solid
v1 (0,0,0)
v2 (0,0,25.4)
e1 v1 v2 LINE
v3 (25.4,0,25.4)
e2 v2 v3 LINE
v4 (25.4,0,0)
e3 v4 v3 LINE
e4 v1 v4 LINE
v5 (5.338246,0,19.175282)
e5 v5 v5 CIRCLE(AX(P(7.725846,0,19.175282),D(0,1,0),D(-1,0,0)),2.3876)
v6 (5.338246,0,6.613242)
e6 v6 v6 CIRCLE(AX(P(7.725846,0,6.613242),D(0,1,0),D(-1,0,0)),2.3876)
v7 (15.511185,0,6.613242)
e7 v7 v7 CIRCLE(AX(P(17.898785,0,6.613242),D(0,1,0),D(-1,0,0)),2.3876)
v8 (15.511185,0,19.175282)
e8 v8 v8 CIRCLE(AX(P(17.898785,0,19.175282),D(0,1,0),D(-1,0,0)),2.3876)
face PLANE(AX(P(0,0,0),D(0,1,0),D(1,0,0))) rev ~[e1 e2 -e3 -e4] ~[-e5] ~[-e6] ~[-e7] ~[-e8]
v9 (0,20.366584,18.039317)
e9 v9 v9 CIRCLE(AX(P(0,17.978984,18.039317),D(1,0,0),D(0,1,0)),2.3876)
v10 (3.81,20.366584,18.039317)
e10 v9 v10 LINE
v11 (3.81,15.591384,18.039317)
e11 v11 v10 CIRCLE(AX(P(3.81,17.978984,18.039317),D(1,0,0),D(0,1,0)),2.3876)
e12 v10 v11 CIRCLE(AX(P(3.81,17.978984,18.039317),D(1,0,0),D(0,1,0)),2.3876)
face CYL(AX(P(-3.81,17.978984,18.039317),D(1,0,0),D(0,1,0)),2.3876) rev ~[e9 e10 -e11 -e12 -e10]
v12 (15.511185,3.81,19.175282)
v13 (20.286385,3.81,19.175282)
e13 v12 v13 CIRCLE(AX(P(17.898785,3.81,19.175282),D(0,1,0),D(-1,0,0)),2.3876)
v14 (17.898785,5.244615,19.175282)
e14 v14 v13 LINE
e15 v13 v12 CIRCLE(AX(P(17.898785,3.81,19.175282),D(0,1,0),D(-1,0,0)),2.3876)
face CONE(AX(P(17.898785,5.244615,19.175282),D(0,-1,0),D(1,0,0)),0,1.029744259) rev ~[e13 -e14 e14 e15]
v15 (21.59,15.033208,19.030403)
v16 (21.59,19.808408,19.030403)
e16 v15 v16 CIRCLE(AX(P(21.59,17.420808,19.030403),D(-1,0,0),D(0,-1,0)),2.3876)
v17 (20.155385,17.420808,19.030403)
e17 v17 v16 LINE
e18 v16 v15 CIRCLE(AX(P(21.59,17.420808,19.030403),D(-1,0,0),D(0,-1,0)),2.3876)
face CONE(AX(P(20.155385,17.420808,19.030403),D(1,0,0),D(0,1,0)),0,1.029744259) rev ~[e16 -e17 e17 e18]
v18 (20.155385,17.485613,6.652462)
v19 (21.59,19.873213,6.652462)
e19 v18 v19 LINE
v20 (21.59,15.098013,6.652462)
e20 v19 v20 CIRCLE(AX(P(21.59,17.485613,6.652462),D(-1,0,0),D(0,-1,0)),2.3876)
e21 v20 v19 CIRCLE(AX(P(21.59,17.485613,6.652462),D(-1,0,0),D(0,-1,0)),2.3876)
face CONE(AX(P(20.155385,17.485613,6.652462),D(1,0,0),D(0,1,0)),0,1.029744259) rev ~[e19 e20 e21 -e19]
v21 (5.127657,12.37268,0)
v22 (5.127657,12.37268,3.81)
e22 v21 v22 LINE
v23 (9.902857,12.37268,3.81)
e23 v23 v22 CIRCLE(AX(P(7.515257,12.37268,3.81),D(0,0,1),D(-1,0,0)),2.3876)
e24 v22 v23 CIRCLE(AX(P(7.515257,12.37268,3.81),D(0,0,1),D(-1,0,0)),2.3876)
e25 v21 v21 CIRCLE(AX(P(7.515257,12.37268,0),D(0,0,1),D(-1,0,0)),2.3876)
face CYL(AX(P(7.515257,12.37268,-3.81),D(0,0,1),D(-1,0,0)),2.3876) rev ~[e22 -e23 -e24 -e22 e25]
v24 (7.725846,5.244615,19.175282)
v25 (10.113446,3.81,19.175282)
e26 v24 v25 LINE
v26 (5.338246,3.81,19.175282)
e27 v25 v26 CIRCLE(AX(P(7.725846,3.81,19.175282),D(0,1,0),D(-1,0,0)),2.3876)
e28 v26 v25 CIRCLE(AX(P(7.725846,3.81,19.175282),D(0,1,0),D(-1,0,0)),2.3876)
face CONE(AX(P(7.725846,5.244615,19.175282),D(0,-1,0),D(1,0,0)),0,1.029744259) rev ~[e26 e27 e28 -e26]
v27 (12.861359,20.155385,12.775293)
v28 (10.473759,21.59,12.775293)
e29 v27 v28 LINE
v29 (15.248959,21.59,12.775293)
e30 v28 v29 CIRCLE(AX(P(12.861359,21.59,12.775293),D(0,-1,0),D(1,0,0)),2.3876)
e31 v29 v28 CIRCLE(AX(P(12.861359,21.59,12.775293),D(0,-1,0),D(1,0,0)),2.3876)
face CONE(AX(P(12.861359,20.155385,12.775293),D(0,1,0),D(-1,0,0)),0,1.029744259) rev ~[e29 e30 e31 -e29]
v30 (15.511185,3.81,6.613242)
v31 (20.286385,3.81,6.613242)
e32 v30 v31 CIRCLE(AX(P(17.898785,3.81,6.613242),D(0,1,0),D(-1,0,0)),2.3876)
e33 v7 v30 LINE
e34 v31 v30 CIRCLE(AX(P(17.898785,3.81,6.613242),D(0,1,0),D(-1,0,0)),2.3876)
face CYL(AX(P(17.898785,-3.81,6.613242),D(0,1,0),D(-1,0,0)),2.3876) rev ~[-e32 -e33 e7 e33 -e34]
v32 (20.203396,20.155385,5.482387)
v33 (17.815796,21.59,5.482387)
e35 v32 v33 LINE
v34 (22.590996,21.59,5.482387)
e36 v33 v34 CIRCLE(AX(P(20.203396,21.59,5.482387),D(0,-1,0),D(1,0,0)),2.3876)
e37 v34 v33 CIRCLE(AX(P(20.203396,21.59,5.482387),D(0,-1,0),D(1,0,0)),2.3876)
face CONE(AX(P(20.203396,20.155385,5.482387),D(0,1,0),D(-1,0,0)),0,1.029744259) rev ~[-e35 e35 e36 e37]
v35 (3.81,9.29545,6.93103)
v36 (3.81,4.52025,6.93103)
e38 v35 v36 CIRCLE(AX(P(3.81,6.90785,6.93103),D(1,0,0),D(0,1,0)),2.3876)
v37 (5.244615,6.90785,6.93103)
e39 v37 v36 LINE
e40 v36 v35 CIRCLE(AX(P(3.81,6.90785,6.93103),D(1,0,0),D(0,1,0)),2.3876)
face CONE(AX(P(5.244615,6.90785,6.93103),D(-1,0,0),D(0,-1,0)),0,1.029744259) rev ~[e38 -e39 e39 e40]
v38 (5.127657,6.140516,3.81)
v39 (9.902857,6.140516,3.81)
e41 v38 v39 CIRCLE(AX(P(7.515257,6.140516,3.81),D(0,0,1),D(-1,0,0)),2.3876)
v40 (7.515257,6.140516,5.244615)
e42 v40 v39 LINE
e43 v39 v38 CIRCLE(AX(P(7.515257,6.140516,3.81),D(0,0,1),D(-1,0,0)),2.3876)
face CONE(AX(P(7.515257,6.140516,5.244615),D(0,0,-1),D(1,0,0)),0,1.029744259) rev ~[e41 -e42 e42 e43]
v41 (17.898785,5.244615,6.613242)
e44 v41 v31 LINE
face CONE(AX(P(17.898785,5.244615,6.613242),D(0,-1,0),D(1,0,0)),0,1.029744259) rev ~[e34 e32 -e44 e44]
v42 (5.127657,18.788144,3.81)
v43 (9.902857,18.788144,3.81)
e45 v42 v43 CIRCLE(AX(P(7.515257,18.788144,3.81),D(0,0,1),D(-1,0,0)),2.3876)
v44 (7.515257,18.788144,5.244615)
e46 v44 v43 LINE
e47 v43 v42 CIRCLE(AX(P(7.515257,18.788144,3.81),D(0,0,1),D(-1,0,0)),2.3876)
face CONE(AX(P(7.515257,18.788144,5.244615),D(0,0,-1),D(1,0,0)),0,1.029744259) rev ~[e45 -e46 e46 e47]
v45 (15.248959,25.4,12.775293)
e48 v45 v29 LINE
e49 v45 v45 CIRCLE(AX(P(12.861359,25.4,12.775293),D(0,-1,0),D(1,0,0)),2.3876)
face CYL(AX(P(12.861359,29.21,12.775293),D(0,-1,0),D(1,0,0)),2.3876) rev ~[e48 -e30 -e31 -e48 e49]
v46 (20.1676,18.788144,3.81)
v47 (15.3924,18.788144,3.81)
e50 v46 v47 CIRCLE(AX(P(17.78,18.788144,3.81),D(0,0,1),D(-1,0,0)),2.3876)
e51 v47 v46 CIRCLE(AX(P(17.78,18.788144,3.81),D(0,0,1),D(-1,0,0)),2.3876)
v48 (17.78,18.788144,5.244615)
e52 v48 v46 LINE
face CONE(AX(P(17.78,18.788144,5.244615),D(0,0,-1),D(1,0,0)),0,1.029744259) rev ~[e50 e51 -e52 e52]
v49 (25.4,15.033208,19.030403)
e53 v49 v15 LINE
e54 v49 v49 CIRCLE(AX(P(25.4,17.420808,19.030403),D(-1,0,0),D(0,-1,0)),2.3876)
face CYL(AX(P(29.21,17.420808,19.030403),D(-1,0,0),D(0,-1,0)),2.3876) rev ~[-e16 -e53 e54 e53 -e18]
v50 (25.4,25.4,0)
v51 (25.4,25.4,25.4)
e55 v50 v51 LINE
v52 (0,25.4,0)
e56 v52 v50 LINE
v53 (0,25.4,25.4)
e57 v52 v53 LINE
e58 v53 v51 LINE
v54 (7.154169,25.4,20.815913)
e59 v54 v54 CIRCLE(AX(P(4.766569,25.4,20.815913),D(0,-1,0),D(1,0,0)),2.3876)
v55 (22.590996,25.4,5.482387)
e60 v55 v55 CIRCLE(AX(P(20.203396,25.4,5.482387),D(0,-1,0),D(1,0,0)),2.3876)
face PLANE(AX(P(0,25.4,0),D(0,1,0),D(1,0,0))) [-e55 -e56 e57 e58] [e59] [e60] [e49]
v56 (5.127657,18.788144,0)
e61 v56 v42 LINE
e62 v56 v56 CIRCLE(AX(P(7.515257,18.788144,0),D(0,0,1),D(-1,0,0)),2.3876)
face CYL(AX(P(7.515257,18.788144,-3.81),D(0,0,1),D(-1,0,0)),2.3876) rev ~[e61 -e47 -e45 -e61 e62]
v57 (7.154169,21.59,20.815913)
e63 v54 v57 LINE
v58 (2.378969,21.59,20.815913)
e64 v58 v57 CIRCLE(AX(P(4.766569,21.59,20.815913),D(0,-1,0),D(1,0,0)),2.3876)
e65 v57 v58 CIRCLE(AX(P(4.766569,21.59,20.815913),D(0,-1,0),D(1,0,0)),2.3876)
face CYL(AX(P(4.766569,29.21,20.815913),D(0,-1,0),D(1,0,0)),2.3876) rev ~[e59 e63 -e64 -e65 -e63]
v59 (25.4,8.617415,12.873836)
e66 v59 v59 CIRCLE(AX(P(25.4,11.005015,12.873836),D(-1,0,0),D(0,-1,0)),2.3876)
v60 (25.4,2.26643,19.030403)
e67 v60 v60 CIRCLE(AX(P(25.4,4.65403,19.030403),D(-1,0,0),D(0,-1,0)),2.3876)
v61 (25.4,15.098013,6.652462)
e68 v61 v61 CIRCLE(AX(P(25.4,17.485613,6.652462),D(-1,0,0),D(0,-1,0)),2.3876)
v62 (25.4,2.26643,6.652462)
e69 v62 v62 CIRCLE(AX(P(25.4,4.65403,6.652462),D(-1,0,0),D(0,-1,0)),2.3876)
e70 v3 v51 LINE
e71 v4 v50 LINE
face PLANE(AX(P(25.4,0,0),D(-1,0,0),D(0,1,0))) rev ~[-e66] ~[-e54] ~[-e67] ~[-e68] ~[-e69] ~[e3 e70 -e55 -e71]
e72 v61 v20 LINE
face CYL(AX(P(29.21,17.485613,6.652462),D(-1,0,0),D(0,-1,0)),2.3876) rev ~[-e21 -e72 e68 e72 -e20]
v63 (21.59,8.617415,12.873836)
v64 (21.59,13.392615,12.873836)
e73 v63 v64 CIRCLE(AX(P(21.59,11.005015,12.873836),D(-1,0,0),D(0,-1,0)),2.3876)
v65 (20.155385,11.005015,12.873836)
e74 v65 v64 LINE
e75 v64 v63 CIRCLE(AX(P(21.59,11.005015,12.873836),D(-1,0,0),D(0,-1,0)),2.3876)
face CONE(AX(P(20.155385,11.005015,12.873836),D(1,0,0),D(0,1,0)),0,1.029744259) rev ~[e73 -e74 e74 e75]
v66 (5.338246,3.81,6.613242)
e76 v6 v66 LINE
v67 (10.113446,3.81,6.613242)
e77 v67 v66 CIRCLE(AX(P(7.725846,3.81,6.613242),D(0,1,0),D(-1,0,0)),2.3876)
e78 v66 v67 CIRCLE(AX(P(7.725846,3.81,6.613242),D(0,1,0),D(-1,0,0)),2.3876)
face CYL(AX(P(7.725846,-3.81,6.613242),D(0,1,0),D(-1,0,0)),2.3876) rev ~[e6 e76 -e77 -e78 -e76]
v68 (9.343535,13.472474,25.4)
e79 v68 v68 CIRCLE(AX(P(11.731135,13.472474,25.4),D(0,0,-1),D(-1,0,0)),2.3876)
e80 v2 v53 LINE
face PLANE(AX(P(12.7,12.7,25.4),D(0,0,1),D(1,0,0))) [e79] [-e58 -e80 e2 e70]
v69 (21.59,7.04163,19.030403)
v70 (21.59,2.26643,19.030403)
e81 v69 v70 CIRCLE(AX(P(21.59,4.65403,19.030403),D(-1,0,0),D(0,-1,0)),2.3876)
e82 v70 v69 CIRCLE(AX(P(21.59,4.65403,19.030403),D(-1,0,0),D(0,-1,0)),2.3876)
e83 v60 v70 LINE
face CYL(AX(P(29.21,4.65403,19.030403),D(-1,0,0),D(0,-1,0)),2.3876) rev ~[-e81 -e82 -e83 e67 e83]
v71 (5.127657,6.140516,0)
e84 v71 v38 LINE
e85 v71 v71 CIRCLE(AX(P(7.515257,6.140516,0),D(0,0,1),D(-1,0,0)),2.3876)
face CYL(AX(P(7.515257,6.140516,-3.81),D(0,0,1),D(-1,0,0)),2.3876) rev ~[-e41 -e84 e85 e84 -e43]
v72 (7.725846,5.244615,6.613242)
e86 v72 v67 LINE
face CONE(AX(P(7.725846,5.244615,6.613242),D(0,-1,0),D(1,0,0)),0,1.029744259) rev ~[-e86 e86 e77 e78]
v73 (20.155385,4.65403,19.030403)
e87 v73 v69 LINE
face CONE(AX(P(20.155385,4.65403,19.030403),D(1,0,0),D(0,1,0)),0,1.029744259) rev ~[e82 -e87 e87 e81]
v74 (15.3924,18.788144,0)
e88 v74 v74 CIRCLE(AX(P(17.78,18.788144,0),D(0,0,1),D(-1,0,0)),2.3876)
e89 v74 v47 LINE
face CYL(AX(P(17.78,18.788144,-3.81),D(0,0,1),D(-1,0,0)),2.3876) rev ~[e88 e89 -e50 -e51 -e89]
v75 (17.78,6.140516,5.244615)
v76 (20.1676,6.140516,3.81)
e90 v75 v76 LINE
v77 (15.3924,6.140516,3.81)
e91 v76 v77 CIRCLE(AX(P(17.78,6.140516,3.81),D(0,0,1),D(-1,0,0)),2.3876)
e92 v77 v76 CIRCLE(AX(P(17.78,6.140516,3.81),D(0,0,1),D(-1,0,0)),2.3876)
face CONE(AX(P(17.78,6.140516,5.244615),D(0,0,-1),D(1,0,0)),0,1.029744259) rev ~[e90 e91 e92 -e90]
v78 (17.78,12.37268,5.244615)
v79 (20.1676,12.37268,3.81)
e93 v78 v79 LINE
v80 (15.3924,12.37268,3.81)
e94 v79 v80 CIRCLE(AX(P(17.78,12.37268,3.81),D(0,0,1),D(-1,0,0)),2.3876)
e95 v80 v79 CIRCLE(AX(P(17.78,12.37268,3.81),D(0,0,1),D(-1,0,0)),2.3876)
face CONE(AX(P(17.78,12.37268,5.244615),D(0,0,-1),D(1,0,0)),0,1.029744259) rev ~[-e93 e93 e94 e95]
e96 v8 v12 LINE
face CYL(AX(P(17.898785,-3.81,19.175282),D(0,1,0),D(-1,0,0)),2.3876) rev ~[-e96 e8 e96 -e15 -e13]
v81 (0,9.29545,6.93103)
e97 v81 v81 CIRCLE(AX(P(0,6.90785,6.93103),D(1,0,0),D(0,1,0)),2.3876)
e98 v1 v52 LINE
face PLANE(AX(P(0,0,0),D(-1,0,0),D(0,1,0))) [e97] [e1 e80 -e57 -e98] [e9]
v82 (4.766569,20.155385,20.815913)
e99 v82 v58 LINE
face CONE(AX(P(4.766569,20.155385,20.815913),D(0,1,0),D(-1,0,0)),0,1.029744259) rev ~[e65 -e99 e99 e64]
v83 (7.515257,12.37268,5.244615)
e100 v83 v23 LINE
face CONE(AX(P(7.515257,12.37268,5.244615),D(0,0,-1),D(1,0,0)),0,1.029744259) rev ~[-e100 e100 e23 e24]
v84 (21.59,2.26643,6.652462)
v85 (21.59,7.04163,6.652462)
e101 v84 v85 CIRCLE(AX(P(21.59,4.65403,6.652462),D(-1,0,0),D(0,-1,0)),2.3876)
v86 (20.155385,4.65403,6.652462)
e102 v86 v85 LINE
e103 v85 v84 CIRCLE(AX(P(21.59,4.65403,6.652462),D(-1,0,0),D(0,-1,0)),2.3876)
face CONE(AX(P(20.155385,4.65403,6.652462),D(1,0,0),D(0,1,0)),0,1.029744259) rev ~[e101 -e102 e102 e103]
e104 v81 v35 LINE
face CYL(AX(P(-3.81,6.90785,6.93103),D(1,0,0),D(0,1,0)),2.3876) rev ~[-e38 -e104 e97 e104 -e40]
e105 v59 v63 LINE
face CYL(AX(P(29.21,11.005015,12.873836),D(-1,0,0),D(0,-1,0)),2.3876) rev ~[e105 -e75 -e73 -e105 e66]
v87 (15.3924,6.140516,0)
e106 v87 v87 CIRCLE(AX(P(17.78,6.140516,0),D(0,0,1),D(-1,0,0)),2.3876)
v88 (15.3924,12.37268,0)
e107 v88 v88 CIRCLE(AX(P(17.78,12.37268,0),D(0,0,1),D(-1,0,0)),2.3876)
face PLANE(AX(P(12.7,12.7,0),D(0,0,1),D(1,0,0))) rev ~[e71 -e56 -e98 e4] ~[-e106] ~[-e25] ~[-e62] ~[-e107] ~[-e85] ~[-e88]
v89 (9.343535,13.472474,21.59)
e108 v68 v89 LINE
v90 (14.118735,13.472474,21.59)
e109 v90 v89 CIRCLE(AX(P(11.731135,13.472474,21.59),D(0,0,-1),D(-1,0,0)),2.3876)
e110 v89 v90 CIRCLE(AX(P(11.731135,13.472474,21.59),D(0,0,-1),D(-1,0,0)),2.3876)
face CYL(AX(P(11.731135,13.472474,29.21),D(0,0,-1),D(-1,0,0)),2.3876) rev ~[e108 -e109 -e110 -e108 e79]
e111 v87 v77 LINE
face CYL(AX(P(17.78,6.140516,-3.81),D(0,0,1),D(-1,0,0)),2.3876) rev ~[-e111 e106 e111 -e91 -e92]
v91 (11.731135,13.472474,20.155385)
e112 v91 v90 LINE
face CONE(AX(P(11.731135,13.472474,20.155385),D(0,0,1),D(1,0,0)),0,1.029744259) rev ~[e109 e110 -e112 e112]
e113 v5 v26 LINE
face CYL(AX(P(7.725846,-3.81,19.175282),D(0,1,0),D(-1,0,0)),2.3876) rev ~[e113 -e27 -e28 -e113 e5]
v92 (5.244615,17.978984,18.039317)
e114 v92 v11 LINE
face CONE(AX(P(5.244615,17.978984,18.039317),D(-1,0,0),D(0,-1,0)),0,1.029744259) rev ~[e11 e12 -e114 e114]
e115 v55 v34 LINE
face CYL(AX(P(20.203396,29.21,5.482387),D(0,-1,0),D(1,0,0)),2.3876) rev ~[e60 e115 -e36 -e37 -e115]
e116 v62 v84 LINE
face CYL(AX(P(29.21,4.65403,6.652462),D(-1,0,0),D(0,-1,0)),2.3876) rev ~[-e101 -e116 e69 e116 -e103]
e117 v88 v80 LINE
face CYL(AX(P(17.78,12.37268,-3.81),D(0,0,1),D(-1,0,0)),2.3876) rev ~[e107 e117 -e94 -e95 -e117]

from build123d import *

# Parameters (mm, degrees)
F0_W      = 25.4
F0_H      = 25.4
F1_DEPTH  = 25.4
F3_D      = 4.7752
F3_DEPTH  = 3.81
F3_TIP    = 1.434614814
F6_D      = 4.7752
F6_DEPTH  = 3.81
F6_TIP    = 1.434614814
F11_D     = 4.7752
F11_DEPTH = 3.81
F11_TIP   = 1.434614814
F14_D     = 4.7752
F14_DEPTH = 3.81
F14_TIP   = 1.434614814
F15_D     = 4.7752
F15_DEPTH = 3.81
F15_TIP   = 1.434614814
F18_D     = 4.7752
F18_DEPTH = 3.81
F18_TIP   = 1.434614814


with BuildPart() as f1:
    # F0 (on Top) → F1 (new body)
    with BuildSketch(Plane.XY):
        with Locations((12.7, 12.7)):
            Rectangle(F0_W, F0_H)
    extrude(amount=F1_DEPTH)

    # F3
    with Locations(Plane.XY.offset(25.4)):
        with Locations((11.7311347276, 13.4724741802)):
            Hole(F3_D / 2, depth=F3_DEPTH)
            with Locations((0, 0, -(F3_DEPTH + F3_TIP / 2))):  # 118° drill point
                Cone(0, F3_D / 2, F3_TIP, mode=Mode.SUBTRACT)

    # F6
    with Locations(Plane(origin=(0, 0, 0), x_dir=(1, 0, 0), z_dir=(0, 0, -1))):
        with Locations((7.5152567588, -6.1405156739), (17.7800003439, -6.1405156739), (7.5152567588, -12.3726800084), (17.7800003439, -12.3726800084), (17.7800003439, -18.7881439924), (7.5152567588, -18.7881439924)):
            Hole(F6_D / 2, depth=F6_DEPTH)
            with Locations((0, 0, -(F6_DEPTH + F6_TIP / 2))):  # 118° drill point
                Cone(0, F6_D / 2, F6_TIP, mode=Mode.SUBTRACT)

    # F11
    with Locations(Plane(origin=(0, 0, 0), x_dir=(0, -1, 0), z_dir=(-1, 0, 0))):
        with Locations((-17.9789844365, 18.0393166689), (-6.9078497357, 6.9310304664)):
            Hole(F11_D / 2, depth=F11_DEPTH)
            with Locations((0, 0, -(F11_DEPTH + F11_TIP / 2))):  # 118° drill point
                Cone(0, F11_D / 2, F11_TIP, mode=Mode.SUBTRACT)

    # F14
    with Locations(Plane(origin=(0, 25.4, 0), x_dir=(-1, 0, 0), z_dir=(0, 1, 0))):
        with Locations((-4.7665690069, 20.8159134085), (-12.8613589332, 12.7752926201), (-20.2033963729, 5.4823870097)):
            Hole(F14_D / 2, depth=F14_DEPTH)
            with Locations((0, 0, -(F14_DEPTH + F14_TIP / 2))):  # 118° drill point
                Cone(0, F14_D / 2, F14_TIP, mode=Mode.SUBTRACT)

    # F15
    with Locations(Plane.YZ.offset(25.4)):
        with Locations((4.6540303156, 19.0304033458), (4.6540303156, 6.6524622962), (11.0050151125, 12.8738358617), (17.4208078533, 19.0304033458), (17.4856130034, 6.6524622962)):
            Hole(F15_D / 2, depth=F15_DEPTH)
            with Locations((0, 0, -(F15_DEPTH + F15_TIP / 2))):  # 118° drill point
                Cone(0, F15_D / 2, F15_TIP, mode=Mode.SUBTRACT)

    # F18
    with Locations(Plane.XZ):
        with Locations((7.725846488, 19.1752817482), (17.8987849504, 19.1752817482), (17.8987849504, 6.6132424399), (7.725846488, 6.6132424399)):
            Hole(F18_D / 2, depth=F18_DEPTH)
            with Locations((0, 0, -(F18_DEPTH + F18_TIP / 2))):  # 118° drill point
                Cone(0, F18_D / 2, F18_TIP, mode=Mode.SUBTRACT)


solid = f1.part
